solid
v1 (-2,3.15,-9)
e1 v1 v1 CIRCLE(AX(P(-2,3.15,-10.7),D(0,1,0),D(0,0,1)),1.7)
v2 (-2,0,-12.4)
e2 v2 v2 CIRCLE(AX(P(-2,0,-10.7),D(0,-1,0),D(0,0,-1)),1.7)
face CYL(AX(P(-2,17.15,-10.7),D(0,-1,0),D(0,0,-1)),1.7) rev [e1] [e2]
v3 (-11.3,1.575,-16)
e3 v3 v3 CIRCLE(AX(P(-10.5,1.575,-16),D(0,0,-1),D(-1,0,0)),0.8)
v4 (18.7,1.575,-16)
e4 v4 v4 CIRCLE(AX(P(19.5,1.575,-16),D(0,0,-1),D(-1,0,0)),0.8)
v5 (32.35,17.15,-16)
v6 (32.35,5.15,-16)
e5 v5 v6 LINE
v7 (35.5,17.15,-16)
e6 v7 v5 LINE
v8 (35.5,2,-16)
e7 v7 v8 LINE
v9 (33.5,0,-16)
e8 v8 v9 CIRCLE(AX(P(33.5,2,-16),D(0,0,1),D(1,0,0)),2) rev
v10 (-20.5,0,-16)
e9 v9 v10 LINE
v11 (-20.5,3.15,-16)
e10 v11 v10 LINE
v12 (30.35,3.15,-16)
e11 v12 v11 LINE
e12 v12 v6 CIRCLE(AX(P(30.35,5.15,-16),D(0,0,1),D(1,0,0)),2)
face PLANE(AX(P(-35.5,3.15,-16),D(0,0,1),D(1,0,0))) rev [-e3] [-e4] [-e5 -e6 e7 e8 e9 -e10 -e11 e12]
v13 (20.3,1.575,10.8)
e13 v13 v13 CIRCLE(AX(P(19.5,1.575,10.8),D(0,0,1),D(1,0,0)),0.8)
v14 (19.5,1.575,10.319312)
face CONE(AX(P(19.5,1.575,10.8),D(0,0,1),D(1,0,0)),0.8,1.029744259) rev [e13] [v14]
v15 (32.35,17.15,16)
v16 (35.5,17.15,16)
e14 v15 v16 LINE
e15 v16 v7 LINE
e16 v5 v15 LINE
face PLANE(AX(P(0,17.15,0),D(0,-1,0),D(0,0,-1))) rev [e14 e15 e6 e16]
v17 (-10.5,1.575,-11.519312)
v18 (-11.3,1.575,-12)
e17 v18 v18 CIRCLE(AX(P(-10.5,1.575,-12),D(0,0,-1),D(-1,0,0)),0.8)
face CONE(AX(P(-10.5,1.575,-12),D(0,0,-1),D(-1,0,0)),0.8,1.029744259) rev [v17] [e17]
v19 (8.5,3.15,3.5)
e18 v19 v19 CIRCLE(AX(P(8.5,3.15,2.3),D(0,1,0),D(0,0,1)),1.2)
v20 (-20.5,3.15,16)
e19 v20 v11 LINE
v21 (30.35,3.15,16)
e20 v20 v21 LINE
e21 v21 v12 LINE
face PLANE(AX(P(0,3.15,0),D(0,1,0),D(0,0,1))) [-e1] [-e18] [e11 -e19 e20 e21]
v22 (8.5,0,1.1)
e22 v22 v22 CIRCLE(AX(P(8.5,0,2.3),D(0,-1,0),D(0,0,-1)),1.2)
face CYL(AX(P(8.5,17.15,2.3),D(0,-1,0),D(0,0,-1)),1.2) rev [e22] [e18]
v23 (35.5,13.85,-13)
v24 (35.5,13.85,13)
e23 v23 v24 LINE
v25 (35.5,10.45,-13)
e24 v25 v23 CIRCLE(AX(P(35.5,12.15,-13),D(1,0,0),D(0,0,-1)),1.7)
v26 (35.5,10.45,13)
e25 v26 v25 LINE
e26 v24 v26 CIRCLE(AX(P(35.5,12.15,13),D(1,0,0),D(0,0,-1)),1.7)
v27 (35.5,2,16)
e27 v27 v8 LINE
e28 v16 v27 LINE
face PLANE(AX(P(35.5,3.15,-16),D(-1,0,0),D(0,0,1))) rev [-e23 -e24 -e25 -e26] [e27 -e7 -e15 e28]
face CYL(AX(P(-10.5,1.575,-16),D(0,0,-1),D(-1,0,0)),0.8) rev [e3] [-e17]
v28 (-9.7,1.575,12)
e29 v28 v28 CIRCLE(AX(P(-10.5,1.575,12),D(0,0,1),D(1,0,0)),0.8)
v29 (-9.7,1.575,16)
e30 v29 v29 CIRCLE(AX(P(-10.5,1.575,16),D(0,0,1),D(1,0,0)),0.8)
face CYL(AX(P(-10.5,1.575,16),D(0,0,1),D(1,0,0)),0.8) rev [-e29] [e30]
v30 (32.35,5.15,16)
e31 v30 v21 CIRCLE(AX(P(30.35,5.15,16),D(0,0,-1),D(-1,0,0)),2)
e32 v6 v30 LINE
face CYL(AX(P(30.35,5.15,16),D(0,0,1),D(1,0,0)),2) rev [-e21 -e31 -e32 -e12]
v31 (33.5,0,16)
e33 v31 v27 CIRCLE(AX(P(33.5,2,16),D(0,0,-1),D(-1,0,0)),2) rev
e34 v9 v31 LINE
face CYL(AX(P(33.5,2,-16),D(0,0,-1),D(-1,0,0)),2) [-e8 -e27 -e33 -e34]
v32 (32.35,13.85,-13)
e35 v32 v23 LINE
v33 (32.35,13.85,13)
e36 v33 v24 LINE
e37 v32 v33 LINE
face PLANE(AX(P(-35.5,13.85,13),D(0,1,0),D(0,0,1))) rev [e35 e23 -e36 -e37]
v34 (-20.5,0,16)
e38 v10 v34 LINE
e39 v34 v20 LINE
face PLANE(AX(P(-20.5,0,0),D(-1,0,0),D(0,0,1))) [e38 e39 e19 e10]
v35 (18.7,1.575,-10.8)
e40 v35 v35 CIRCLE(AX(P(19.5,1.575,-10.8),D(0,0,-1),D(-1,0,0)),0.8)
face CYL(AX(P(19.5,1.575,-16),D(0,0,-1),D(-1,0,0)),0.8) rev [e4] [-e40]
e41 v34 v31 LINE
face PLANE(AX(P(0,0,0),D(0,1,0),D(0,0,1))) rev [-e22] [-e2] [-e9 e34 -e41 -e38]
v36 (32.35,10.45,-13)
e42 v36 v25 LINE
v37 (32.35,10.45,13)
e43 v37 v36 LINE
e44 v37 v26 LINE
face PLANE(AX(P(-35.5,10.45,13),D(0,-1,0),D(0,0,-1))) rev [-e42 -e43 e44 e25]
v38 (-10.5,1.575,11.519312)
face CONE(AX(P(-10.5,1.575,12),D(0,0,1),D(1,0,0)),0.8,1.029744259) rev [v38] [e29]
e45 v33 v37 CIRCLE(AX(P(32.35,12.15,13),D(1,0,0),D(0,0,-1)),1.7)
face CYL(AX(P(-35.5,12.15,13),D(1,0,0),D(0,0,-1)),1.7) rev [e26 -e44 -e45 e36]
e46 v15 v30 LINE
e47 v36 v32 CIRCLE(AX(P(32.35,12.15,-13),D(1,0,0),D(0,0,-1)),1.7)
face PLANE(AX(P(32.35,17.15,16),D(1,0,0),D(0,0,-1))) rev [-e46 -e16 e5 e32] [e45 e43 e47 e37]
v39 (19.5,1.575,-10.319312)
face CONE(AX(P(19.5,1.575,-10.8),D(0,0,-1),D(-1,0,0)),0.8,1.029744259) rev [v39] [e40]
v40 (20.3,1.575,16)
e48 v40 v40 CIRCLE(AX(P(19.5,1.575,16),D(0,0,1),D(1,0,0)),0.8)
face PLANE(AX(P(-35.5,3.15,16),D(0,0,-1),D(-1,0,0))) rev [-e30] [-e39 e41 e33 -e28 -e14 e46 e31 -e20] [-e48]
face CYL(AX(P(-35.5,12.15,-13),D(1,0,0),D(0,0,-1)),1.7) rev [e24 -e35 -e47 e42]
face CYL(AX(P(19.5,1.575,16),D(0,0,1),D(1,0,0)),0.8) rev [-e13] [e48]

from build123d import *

# Parameters (mm, degrees)
SKETCH_1_W                       = 71
SKETCH_1_H                       = 32
EXTRUDE_1_DEPTH                  = 3.15
SKETCH_2_W                       = 3.15
SKETCH_2_H                       = 32
EXTRUDE_2_DEPTH                  = 14
FILLET_1_R                       = 2
SKETCH_3_R                       = 1.7
SKETCH_3_R_2                     = 1.2
CUT_EXTRUDE_1_DEPTH              = 43.548472358
CUT_EXTRUDE_2_DEPTH              = 75.773808917
SKETCH_7_W                       = 32
SKETCH_7_H                       = 3.15
CUT_EXTRUDE_3_DEPTH              = 15
HOLE_WIZARD_M2_2_D               = 1.6
HOLE_WIZARD_M2_2_DEPTH           = 4
HOLE_WIZARD_M2_2_TIP             = 0.480688495
HOLE_WIZARD_M2_2_ON_FACE_2_D     = 1.6
HOLE_WIZARD_M2_2_ON_FACE_2_DEPTH = 4
HOLE_WIZARD_M2_2_ON_FACE_2_TIP   = 0.480688495


with BuildPart() as part:
    # 草图1 → 凸台-拉伸1 (new body)
    with BuildSketch(Plane(origin=(0, 0, 0), x_dir=(1, 0, 0), z_dir=(0, 1, 0))):
        Rectangle(SKETCH_1_W, SKETCH_1_H)
    extrude(amount=EXTRUDE_1_DEPTH)

    # 草图2 → 凸台-拉伸2 (add)
    with BuildSketch(Plane(origin=(0, 3.15, 0), x_dir=(1, 0, 0), z_dir=(0, 1, 0))):
        with Locations((33.925, 0)):
            Rectangle(SKETCH_2_W, SKETCH_2_H)
    extrude(amount=EXTRUDE_2_DEPTH)

    # 圆角1
    fillet_1_edges = [part.edges().sort_by_distance(p)[0] for p in [
        (32.35, 3.15, 0),
        (35.5, 0, 0),
    ]]
    fillet(fillet_1_edges, radius=FILLET_1_R)

    # 草图3 → 切除-拉伸1 (cut, through all)
    with BuildSketch(Plane.XZ):
        with Locations(Location((-2, -10.7, 0), (0, 0, 270))):
            Circle(SKETCH_3_R)
        with Locations(Location((8.5, 2.3, 0), (0, 0, 270))):
            Circle(SKETCH_3_R_2)
    extrude(amount=-CUT_EXTRUDE_1_DEPTH, mode=Mode.SUBTRACT)

    # 草图5 → M2x0.4 螺纹孔1 (revolve, cut)
    with BuildSketch(Plane(origin=(19.5, 1.575, 16), x_dir=(0, -1, 0), z_dir=(1, 0, 0))):
        Polygon((0, 0), (0, 5.680688495), (0.8, 5.2), (0.8, 0), align=None)
    m2x0_4_1 = revolve(axis=Axis((19.5, 1.575, 22.35), (0, 0, -1)), mode=Mode.SUBTRACT)

    # 镜向1: M2x0.4 螺纹孔1 across plane
    add(m2x0_4_1.mirror(Plane.XY), mode=Mode.SUBTRACT)

    # 草图6 → 切除-拉伸2 (cut, through all)
    with BuildSketch(Plane(origin=(35.5, 0, 0), x_dir=(0, 0, -1), z_dir=(1, 0, 0))):
        with BuildLine():
            Line((-13, 13.85), (13, 13.85))
            ThreePointArc((13, 13.85), (14.7, 12.15), (13, 10.45))
            Line((13, 10.45), (-13, 10.45))
            ThreePointArc((-13, 10.45), (-14.7, 12.15), (-13, 13.85))
        make_face()
    extrude(amount=-CUT_EXTRUDE_2_DEPTH, mode=Mode.SUBTRACT)

    # 草图7 → 切除-拉伸3 (cut)
    with BuildSketch(Plane.ZY.offset(35.5)):
        with Locations((0, 1.575)):
            Rectangle(SKETCH_7_W, SKETCH_7_H)
    extrude(amount=-CUT_EXTRUDE_3_DEPTH, mode=Mode.SUBTRACT)

    # M2 螺纹孔2
    with Locations(Plane(origin=(-10.5, 1.575, 16), x_dir=(1, 0, 0), z_dir=(0, 0, 1))):
        with Locations((0, 0)):
            Hole(HOLE_WIZARD_M2_2_D / 2, depth=HOLE_WIZARD_M2_2_DEPTH)
            with Locations((0, 0, -(HOLE_WIZARD_M2_2_DEPTH + HOLE_WIZARD_M2_2_TIP / 2))):  # 118° drill point
                Cone(0, HOLE_WIZARD_M2_2_D / 2, HOLE_WIZARD_M2_2_TIP, mode=Mode.SUBTRACT)

    # M2 螺纹孔2 on face 2
    with Locations(Plane(origin=(-10.5, 1.575, -16), x_dir=(-1, 0, 0), z_dir=(0, 0, -1))):
        with Locations((0, 0)):
            Hole(HOLE_WIZARD_M2_2_ON_FACE_2_D / 2, depth=HOLE_WIZARD_M2_2_ON_FACE_2_DEPTH)
            with Locations((0, 0, -(HOLE_WIZARD_M2_2_ON_FACE_2_DEPTH + HOLE_WIZARD_M2_2_ON_FACE_2_TIP / 2))):  # 118° drill point
                Cone(0, HOLE_WIZARD_M2_2_ON_FACE_2_D / 2, HOLE_WIZARD_M2_2_ON_FACE_2_TIP, mode=Mode.SUBTRACT)


solid = part.part
